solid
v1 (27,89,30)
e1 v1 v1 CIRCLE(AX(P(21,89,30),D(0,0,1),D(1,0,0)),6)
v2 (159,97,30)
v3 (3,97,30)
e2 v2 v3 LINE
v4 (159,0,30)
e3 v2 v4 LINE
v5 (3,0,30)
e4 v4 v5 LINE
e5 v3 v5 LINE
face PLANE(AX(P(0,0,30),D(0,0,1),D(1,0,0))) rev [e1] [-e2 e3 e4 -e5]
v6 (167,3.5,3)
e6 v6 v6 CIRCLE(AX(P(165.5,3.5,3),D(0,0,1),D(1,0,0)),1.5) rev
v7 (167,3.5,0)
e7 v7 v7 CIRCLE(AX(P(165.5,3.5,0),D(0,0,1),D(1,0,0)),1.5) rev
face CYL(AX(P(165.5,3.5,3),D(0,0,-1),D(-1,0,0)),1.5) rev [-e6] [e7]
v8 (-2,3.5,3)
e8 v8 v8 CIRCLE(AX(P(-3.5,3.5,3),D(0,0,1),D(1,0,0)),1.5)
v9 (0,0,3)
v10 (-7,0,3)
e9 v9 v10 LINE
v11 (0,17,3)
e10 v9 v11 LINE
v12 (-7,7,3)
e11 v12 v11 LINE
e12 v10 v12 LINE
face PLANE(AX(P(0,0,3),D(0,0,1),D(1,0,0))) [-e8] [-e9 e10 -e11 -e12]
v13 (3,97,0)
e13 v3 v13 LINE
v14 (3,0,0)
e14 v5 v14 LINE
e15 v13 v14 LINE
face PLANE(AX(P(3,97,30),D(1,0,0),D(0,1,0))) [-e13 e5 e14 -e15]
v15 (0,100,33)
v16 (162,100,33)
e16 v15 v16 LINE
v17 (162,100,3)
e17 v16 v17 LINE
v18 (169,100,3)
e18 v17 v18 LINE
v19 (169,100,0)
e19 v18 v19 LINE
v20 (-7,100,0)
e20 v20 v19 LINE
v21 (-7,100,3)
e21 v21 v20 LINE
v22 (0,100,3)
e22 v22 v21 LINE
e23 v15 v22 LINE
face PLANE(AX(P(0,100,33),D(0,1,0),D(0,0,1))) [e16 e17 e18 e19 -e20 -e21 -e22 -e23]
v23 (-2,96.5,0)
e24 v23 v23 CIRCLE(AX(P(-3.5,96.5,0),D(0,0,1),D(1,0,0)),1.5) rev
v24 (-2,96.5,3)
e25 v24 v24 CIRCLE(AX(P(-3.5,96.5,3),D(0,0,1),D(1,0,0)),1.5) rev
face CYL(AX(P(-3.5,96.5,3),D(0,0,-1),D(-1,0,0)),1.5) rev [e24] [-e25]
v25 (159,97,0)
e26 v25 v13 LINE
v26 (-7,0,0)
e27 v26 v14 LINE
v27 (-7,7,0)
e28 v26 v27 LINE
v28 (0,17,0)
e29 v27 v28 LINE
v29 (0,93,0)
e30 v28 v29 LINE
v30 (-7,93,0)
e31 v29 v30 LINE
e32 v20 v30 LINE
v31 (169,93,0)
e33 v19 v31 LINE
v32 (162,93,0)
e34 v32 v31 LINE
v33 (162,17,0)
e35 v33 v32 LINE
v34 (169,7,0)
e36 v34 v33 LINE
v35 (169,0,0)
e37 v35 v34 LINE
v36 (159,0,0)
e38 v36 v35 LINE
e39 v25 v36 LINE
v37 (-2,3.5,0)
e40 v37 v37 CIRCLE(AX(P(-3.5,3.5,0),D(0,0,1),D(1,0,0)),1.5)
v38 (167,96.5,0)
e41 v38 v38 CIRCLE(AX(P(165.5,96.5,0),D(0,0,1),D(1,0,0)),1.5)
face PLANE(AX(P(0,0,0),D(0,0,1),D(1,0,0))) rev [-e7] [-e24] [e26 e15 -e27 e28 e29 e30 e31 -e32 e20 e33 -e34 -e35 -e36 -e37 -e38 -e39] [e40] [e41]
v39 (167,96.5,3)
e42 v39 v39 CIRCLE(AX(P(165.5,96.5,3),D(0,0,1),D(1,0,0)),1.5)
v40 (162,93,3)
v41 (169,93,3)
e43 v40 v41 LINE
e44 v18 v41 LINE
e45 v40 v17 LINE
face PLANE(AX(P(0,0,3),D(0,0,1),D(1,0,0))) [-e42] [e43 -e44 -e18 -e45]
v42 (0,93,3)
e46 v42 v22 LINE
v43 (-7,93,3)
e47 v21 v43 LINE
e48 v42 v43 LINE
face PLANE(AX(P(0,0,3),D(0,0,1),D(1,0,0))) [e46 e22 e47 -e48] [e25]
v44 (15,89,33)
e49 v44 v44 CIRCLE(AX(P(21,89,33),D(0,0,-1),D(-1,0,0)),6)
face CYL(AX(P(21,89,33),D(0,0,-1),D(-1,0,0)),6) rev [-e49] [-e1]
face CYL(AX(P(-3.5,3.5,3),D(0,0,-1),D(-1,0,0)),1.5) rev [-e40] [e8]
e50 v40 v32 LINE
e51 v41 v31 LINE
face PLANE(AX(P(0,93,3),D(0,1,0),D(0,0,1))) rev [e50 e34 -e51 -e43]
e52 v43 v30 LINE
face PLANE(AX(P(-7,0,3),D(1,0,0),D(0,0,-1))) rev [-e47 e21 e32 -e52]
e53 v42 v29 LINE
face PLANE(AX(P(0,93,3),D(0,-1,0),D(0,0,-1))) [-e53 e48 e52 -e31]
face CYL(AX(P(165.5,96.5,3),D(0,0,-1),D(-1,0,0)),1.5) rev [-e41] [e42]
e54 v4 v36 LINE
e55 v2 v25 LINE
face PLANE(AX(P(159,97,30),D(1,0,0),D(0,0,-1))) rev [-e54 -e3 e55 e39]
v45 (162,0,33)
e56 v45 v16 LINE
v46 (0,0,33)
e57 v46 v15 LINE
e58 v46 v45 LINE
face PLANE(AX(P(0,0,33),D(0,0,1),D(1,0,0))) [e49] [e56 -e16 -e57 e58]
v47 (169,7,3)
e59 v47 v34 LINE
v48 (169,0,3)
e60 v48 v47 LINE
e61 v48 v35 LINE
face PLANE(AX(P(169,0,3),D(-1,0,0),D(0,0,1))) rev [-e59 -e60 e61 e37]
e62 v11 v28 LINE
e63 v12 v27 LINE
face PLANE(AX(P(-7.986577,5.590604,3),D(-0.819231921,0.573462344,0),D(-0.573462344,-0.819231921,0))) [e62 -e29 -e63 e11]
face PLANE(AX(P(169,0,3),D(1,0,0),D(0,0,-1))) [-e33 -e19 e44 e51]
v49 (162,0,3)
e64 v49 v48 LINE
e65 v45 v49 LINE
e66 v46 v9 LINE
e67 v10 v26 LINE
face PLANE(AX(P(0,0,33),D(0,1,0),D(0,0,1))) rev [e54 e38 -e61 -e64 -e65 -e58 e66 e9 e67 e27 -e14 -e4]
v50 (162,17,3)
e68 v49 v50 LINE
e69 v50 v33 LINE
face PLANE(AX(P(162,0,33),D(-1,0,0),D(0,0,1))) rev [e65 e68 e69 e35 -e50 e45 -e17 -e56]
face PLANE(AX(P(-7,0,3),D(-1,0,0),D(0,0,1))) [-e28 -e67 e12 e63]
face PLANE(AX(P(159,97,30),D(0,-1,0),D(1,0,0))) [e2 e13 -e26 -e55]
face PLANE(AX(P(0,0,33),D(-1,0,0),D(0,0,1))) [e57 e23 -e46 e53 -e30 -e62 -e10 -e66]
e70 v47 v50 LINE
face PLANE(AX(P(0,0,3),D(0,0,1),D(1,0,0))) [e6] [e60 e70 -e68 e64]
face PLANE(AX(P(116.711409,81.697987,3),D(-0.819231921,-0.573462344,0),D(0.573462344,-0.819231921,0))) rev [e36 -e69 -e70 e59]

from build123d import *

# Parameters (mm, degrees)
BOSS_EXTRUDE1_DEPTH = 33
SKETCH1_4_W         = 7
SKETCH1_4_H         = 7
SKETCH1_4_R         = 1.5
BOSS_EXTRUDE2_DEPTH = 3
SKETCH3_W           = 156
SKETCH3_H           = 97
CUT_EXTRUDE1_DEPTH  = 30
SKETCH3_4_R         = 6
CUT_EXTRUDE2_DEPTH  = 33


with BuildPart() as part:
    # Sketch1 → Boss-Extrude1 (new body)
    with BuildSketch(Plane.XY):
        Polygon((162, 93), (162, 100), (0, 100), (0, 93), (0, 17), (0, 7), (0, 0), (162, 0), (162, 7), (162, 17), align=None)
    extrude(amount=BOSS_EXTRUDE1_DEPTH)

    # Sketch1<4> → Boss-Extrude2 (add)
    # profile 1 of 4: a face of its own
    with BuildSketch(Plane.XY):
        with Locations((165.5, 96.5)):
            Rectangle(SKETCH1_4_W, SKETCH1_4_H)
        with Locations((165.5, 96.5)):
            Circle(SKETCH1_4_R, mode=Mode.SUBTRACT)
    # profile 2 of 4: a face of its own
    with BuildSketch(Plane.XY):
        with Locations((-3.5, 96.5)):
            Rectangle(SKETCH1_4_W, SKETCH1_4_H)
        with Locations((-3.5, 96.5)):
            Circle(SKETCH1_4_R, mode=Mode.SUBTRACT)
    # profile 3 of 4: a face of its own
    with BuildSketch(Plane.XY):
        Polygon((169, 7), (162, 17), (162, 0), (169, 0), align=None)
        with Locations((165.5, 3.5)):
            Circle(SKETCH1_4_R, mode=Mode.SUBTRACT)
    # profile 4 of 4: a face of its own
    with BuildSketch(Plane.XY):
        Polygon((0, 0), (0, 17), (-7, 7), (-7, 0), align=None)
        with Locations((-3.5, 3.5)):
            Circle(SKETCH1_4_R, mode=Mode.SUBTRACT)
    extrude(amount=BOSS_EXTRUDE2_DEPTH)

    # Sketch3 → Cut-Extrude1 (cut)
    with BuildSketch(Plane(origin=(0, 0, 0), x_dir=(-1, 0, 0), z_dir=(0, 0, -1))):
        with Locations((-81, 48.5)):
            Rectangle(SKETCH3_W, SKETCH3_H)
    extrude(amount=-CUT_EXTRUDE1_DEPTH, mode=Mode.SUBTRACT)

    # Sketch3<4> → Cut-Extrude2 (cut)
    with BuildSketch(Plane(origin=(0, 0, 0), x_dir=(-1, 0, 0), z_dir=(0, 0, -1))):
        with Locations((-21, 89)):
            Circle(SKETCH3_4_R)
    extrude(amount=-CUT_EXTRUDE2_DEPTH, mode=Mode.SUBTRACT)


solid = part.part
